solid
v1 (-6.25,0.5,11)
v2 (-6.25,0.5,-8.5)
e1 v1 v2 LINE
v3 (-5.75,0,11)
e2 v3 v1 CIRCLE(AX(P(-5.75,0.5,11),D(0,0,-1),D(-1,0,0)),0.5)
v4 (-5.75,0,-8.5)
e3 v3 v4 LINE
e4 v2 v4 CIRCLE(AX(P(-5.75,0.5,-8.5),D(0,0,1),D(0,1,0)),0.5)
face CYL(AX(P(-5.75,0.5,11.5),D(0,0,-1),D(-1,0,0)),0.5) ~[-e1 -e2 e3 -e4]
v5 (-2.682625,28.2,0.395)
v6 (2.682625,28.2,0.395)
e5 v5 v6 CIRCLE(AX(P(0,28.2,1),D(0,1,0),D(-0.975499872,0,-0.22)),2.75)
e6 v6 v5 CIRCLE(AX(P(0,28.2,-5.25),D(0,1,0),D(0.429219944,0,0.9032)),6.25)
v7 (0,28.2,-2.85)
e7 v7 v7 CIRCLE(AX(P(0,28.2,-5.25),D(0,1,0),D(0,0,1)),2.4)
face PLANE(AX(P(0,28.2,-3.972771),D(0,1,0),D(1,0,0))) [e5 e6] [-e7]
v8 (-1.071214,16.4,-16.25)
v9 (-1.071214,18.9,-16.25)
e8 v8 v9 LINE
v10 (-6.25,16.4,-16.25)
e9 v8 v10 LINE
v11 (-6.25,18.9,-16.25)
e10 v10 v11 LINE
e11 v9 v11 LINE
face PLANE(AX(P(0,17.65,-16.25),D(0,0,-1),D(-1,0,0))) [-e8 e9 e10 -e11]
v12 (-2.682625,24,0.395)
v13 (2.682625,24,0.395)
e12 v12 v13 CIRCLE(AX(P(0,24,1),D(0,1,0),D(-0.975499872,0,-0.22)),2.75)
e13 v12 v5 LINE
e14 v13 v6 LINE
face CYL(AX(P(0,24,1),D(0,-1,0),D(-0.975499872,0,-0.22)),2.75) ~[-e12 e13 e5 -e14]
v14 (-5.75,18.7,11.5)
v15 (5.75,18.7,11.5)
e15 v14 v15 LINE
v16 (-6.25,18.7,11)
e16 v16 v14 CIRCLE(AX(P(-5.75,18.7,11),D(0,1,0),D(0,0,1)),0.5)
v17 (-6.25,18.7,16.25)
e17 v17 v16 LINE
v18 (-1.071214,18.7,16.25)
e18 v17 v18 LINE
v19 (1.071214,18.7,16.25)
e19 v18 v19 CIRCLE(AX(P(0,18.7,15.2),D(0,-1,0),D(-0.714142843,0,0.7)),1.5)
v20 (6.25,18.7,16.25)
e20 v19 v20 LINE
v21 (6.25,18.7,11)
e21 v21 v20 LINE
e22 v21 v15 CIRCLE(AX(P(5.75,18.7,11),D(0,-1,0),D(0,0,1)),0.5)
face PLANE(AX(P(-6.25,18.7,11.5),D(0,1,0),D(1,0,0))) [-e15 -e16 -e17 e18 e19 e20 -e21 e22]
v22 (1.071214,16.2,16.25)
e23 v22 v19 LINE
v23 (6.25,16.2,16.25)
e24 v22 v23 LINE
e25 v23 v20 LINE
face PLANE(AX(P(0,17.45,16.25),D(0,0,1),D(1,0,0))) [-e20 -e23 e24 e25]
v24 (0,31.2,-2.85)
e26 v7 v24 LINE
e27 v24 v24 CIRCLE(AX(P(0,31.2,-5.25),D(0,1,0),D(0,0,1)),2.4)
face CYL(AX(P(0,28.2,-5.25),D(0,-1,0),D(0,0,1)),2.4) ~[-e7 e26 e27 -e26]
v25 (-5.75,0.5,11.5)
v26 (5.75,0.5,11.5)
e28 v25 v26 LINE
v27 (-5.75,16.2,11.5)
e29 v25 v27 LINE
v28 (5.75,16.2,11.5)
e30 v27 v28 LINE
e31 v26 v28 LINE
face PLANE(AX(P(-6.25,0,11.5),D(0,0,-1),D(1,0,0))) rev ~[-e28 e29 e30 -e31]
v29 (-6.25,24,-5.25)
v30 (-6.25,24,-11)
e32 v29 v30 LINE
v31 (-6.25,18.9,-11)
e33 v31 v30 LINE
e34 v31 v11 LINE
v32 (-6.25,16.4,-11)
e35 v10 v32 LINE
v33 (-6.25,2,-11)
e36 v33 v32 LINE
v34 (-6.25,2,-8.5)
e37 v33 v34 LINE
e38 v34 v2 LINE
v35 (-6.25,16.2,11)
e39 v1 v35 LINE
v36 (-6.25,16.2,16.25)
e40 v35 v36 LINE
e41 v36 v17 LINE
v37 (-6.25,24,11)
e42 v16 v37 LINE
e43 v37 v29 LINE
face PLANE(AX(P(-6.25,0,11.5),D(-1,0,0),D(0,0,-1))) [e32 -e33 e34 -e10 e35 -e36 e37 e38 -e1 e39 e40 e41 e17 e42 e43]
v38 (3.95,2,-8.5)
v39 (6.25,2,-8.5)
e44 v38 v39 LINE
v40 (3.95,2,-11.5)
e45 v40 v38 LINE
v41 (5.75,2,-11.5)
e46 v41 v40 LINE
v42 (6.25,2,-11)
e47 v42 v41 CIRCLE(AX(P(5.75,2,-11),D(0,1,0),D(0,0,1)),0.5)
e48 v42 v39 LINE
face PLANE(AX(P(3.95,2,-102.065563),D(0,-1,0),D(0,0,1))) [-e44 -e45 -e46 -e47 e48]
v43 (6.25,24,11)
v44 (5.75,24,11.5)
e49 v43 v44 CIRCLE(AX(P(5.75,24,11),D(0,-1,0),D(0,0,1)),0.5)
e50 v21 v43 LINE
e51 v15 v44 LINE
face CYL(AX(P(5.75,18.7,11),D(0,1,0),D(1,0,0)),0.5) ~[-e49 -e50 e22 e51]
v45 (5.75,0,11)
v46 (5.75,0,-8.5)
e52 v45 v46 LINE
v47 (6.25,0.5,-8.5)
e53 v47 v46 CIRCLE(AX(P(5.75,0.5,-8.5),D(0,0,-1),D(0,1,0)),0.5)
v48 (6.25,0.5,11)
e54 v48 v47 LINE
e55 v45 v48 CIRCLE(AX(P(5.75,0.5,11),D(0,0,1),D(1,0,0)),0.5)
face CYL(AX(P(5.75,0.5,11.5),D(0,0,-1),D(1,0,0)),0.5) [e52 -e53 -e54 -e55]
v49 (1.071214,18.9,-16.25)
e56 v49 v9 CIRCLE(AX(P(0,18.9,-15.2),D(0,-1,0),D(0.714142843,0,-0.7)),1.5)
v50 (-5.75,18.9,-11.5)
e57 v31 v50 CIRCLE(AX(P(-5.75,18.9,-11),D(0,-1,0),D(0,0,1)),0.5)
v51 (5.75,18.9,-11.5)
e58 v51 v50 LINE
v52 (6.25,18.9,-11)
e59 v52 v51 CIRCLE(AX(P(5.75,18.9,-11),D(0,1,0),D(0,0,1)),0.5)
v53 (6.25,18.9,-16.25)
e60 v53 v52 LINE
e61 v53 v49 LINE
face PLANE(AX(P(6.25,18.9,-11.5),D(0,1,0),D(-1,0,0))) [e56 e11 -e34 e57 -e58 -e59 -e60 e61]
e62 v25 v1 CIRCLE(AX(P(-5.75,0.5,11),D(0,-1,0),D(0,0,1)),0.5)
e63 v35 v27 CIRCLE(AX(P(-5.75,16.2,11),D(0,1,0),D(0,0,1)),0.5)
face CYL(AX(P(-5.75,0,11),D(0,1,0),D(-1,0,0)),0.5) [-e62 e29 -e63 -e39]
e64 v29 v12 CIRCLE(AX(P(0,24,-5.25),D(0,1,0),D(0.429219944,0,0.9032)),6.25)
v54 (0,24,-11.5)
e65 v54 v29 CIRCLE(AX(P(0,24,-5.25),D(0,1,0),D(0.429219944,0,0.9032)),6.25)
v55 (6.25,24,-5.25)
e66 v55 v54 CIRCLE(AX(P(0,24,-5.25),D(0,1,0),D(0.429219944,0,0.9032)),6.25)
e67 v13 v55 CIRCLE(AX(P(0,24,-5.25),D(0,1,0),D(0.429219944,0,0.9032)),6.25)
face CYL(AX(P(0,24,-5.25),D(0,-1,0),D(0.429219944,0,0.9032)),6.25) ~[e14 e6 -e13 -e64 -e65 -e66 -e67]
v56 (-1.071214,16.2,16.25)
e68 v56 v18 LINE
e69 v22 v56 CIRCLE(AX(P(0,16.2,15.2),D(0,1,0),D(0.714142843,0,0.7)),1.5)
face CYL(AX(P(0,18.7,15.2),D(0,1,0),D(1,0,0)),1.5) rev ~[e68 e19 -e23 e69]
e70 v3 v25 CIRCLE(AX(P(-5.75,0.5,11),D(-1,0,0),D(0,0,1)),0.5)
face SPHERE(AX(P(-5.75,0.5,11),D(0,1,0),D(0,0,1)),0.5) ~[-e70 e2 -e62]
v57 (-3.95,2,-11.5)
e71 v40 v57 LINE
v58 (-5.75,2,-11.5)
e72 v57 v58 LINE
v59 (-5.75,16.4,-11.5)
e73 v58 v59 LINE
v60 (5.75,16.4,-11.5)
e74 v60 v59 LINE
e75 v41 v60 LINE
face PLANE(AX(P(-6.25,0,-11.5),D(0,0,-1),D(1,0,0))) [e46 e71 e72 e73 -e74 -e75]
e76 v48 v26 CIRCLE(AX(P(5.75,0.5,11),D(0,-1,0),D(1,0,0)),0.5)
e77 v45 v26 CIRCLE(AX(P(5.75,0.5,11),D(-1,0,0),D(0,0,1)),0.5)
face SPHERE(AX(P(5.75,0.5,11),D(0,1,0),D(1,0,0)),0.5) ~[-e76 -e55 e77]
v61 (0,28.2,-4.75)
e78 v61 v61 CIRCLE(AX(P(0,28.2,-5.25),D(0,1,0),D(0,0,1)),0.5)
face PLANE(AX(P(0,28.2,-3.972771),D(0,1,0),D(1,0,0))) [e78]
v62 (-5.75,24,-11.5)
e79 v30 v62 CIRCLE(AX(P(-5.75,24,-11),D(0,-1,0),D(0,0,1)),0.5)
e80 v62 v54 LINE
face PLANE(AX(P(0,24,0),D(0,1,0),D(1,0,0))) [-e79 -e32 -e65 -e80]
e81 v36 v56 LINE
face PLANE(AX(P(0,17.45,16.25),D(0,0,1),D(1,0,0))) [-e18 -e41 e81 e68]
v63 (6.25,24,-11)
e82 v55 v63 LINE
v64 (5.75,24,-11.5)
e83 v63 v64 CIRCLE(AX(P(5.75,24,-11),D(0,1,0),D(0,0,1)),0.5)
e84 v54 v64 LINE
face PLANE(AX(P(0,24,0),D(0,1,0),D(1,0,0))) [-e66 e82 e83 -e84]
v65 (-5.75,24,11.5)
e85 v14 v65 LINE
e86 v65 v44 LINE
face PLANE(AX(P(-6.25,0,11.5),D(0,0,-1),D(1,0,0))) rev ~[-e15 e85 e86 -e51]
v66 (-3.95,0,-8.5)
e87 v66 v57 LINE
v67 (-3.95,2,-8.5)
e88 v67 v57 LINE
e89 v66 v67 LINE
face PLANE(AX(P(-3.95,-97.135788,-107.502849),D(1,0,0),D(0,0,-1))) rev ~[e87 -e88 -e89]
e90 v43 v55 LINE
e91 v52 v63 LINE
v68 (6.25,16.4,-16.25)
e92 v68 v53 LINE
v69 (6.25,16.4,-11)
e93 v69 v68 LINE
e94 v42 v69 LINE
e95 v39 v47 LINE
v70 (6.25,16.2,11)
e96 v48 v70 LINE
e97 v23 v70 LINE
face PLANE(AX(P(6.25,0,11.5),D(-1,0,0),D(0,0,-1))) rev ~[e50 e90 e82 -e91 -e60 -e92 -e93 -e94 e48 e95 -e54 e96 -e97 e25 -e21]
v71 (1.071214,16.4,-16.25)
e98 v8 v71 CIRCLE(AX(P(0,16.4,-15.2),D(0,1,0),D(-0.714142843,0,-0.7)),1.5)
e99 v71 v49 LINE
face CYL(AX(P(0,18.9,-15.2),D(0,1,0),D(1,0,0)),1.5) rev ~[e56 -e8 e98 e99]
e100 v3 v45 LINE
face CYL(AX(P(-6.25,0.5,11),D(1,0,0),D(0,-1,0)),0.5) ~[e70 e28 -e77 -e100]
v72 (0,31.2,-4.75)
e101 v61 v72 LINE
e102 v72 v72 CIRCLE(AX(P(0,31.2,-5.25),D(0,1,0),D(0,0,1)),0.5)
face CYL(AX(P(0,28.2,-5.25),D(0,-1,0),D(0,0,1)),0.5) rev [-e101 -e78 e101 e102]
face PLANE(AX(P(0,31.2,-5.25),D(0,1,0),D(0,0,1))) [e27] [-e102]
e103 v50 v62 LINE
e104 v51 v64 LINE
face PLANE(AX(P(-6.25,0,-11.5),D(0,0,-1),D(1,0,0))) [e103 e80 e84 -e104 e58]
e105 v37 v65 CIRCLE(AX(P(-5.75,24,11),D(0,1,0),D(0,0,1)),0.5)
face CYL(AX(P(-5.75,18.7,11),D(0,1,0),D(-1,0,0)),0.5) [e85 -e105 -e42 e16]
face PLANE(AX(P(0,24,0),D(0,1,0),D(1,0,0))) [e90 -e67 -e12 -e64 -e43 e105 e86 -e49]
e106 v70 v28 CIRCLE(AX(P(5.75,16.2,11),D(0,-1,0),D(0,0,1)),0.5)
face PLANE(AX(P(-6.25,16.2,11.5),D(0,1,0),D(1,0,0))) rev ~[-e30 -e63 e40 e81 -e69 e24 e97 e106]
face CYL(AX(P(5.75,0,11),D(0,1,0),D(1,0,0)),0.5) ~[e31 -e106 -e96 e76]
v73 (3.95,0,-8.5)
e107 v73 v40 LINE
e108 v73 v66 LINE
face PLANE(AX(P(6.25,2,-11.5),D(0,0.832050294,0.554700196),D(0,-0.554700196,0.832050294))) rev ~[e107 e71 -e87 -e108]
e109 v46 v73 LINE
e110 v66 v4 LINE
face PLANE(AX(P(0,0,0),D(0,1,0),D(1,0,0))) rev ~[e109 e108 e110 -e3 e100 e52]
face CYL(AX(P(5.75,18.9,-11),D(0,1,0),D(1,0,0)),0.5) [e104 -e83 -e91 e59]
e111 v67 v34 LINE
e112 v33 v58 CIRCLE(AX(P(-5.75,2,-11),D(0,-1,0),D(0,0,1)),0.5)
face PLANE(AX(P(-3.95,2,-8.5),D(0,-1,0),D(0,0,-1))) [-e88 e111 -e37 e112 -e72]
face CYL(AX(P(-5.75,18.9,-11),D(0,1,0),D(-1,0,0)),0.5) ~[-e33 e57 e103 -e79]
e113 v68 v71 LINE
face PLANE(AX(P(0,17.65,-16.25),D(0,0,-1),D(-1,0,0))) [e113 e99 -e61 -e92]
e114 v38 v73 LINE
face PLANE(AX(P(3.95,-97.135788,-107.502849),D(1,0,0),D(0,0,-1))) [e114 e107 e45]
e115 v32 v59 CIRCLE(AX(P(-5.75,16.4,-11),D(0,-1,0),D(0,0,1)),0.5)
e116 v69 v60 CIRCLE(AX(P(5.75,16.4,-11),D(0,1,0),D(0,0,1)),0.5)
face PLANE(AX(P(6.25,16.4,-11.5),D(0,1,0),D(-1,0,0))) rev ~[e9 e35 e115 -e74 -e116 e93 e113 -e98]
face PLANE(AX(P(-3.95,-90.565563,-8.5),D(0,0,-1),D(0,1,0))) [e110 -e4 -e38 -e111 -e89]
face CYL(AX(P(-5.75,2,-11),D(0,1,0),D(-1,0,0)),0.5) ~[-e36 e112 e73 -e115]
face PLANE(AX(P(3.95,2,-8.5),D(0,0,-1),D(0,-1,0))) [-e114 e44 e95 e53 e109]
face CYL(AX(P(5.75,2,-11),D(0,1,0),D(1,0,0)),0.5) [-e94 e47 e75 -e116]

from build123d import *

# Parameters (mm, degrees)
SKETCH1_W               = 12.5
SKETCH1_H               = 23
BOSS_EXTRUDE1_DEPTH     = 24
BOSS_EXTRUDE2_DEPTH     = 4.2
SKETCH3_R               = 2.4
SKETCH3_R_2             = 0.5
BOSS_EXTRUDE3_DEPTH     = 3
SKETCH4_W               = 12.5
SKETCH4_H               = 2.5
BOSS_EXTRUDE4_DEPTH     = 4.75
SKETCH5_W               = 12.5
SKETCH5_H               = 2.5
BOSS_EXTRUDE5_DEPTH     = 4.75
CUT_EXTRUDE1_REACH      = 27.55
SKETCH6_R               = 1.5
CUT_EXTRUDE2_REACH      = 27.697
SKETCH8_R               = 1.5
CUT_EXTRUDE4_DEPTH      = 38.33299479
CUT_EXTRUDE6_DEPTH      = 38.33299479
CUT_EXTRUDE6_DEPTH_BACK = 2.3
CUT_EXTRUDE7_DEPTH      = 38.33299479
CUT_EXTRUDE7_DEPTH_BACK = 2.3
FILLET1_R               = 0.5


with BuildPart() as part:
    # Sketch1 → Boss-Extrude1 (new body)
    with BuildSketch(Plane(origin=(0, 0, 0), x_dir=(1, 0, 0), z_dir=(0, 1, 0))):
        Rectangle(SKETCH1_W, SKETCH1_H)
    extrude(amount=BOSS_EXTRUDE1_DEPTH)

    # Sketch2 → Boss-Extrude2 (add)
    with BuildSketch(Plane(origin=(0, 24, 0), x_dir=(1, 0, 0), z_dir=(0, 1, 0))):
        with BuildLine():
            ThreePointArc((2.682624648, -0.395), (0, 11.5), (-2.682624648, -0.395))
            ThreePointArc((-2.682624648, -0.395), (0, -3.75), (2.682624648, -0.395))
        make_face()
    extrude(amount=BOSS_EXTRUDE2_DEPTH)

    # Sketch3 → Boss-Extrude3 (add)
    with BuildSketch(Plane(origin=(0, 28.2, 0), x_dir=(1, 0, 0), z_dir=(0, 1, 0))):
        with Locations(Location((0, 5.25, 0), (0, 0, 270))):
            Circle(SKETCH3_R)
        with Locations(Location((0, 5.25, 0), (0, 0, 270))):
            Circle(SKETCH3_R_2, mode=Mode.SUBTRACT)
    extrude(amount=BOSS_EXTRUDE3_DEPTH)

    # Sketch4 → Boss-Extrude4 (add)
    with BuildSketch(Plane(origin=(0, 0, -11.5), x_dir=(-1, 0, 0), z_dir=(0, 0, -1))):
        with Locations((0, 17.65)):
            Rectangle(SKETCH4_W, SKETCH4_H)
    extrude(amount=BOSS_EXTRUDE4_DEPTH)

    # Sketch5 → Boss-Extrude5 (add)
    with BuildSketch(Plane.XY.offset(11.5)):
        with Locations((0, 17.45)):
            Rectangle(SKETCH5_W, SKETCH5_H)
    extrude(amount=BOSS_EXTRUDE5_DEPTH)

    # Sketch6 → Cut-Extrude1 (cut, up to next)
    with BuildSketch(Plane(origin=(0, 18.7, 0), x_dir=(1, 0, 0), z_dir=(0, 1, 0)), mode=Mode.PRIVATE) as cut_extrude1_sk1:
        with Locations((0, -15.2)):
            Circle(SKETCH6_R)
    cut_extrude1_tool1 = extrude(cut_extrude1_sk1.sketch, amount=-CUT_EXTRUDE1_REACH, mode=Mode.PRIVATE) & part.part
    add(cut_extrude1_tool1.solids().sort_by_distance((0, 18.7, 15.2))[0], mode=Mode.SUBTRACT)

    # Sketch8 → Cut-Extrude2 (cut, up to next)
    with BuildSketch(Plane(origin=(0, 18.9, 0), x_dir=(1, 0, 0), z_dir=(0, 1, 0)), mode=Mode.PRIVATE) as cut_extrude2_sk1:
        with Locations((0, 15.2)):
            Circle(SKETCH8_R)
    cut_extrude2_tool1 = extrude(cut_extrude2_sk1.sketch, amount=-CUT_EXTRUDE2_REACH, mode=Mode.PRIVATE) & part.part
    add(cut_extrude2_tool1.solids().sort_by_distance((0, 18.9, -15.2))[0], mode=Mode.SUBTRACT)

    # Sketch9 → Cut-Extrude4 (cut, through all)
    with BuildSketch(Plane(origin=(6.25, 0, 0), x_dir=(0, 0, -1), z_dir=(1, 0, 0))):
        Polygon((11.5, 2), (8.5, 0), (11.5, 0), align=None)
    extrude(amount=-CUT_EXTRUDE4_DEPTH, mode=Mode.SUBTRACT)

    # Sketch10 → Cut-Extrude6 (cut, two sides: drawn at the far end of the back side and taken through both)
    with BuildSketch(Plane(origin=(6.25, 0, 0), x_dir=(0, 0, -1), z_dir=(1, 0, 0)).offset(-CUT_EXTRUDE6_DEPTH_BACK)):
        Polygon((102.065563363, 2), (11.5, 2), (8.5, 2), (8.5, 0), (8.5, -90.565563363), (135.889097577, -219.33086493), (229.45466094, -126.765301567), align=None)
    extrude(amount=CUT_EXTRUDE6_DEPTH + CUT_EXTRUDE6_DEPTH_BACK, mode=Mode.SUBTRACT)

    # Sketch11 → Cut-Extrude7 (cut, two sides: drawn at the far end of the back side and taken through both)
    with BuildSketch(Plane.ZY.offset(6.25).offset(-CUT_EXTRUDE7_DEPTH_BACK)):
        Polygon((-102.065563363, 2), (-11.5, 2), (-8.5, 2), (-8.5, 0), (-8.5, -90.565563363), (-135.889097577, -219.33086493), (-229.45466094, -126.765301567), align=None)
    extrude(amount=CUT_EXTRUDE7_DEPTH + CUT_EXTRUDE7_DEPTH_BACK, mode=Mode.SUBTRACT)

    # Fillet1
    fillet1_edges = [part.edges().sort_by_distance(p)[0] for p in [
        (-6.25, 9.2, -11.5),
        (6.25, 9.2, -11.5),
        (6.25, 8.1, 11.5),
        (-6.25, 8.1, 11.5),
        (6.25, 0, 1.5),
        (0, 0, 11.5),
        (-6.25, 21.45, -11.5),
        (6.25, 21.45, -11.5),
        (6.25, 21.35, 11.5),
        (-6.25, 0, 1.5),
        (-6.25, 21.35, 11.5),
    ]]
    fillet(fillet1_edges, radius=FILLET1_R)


solid = part.part
